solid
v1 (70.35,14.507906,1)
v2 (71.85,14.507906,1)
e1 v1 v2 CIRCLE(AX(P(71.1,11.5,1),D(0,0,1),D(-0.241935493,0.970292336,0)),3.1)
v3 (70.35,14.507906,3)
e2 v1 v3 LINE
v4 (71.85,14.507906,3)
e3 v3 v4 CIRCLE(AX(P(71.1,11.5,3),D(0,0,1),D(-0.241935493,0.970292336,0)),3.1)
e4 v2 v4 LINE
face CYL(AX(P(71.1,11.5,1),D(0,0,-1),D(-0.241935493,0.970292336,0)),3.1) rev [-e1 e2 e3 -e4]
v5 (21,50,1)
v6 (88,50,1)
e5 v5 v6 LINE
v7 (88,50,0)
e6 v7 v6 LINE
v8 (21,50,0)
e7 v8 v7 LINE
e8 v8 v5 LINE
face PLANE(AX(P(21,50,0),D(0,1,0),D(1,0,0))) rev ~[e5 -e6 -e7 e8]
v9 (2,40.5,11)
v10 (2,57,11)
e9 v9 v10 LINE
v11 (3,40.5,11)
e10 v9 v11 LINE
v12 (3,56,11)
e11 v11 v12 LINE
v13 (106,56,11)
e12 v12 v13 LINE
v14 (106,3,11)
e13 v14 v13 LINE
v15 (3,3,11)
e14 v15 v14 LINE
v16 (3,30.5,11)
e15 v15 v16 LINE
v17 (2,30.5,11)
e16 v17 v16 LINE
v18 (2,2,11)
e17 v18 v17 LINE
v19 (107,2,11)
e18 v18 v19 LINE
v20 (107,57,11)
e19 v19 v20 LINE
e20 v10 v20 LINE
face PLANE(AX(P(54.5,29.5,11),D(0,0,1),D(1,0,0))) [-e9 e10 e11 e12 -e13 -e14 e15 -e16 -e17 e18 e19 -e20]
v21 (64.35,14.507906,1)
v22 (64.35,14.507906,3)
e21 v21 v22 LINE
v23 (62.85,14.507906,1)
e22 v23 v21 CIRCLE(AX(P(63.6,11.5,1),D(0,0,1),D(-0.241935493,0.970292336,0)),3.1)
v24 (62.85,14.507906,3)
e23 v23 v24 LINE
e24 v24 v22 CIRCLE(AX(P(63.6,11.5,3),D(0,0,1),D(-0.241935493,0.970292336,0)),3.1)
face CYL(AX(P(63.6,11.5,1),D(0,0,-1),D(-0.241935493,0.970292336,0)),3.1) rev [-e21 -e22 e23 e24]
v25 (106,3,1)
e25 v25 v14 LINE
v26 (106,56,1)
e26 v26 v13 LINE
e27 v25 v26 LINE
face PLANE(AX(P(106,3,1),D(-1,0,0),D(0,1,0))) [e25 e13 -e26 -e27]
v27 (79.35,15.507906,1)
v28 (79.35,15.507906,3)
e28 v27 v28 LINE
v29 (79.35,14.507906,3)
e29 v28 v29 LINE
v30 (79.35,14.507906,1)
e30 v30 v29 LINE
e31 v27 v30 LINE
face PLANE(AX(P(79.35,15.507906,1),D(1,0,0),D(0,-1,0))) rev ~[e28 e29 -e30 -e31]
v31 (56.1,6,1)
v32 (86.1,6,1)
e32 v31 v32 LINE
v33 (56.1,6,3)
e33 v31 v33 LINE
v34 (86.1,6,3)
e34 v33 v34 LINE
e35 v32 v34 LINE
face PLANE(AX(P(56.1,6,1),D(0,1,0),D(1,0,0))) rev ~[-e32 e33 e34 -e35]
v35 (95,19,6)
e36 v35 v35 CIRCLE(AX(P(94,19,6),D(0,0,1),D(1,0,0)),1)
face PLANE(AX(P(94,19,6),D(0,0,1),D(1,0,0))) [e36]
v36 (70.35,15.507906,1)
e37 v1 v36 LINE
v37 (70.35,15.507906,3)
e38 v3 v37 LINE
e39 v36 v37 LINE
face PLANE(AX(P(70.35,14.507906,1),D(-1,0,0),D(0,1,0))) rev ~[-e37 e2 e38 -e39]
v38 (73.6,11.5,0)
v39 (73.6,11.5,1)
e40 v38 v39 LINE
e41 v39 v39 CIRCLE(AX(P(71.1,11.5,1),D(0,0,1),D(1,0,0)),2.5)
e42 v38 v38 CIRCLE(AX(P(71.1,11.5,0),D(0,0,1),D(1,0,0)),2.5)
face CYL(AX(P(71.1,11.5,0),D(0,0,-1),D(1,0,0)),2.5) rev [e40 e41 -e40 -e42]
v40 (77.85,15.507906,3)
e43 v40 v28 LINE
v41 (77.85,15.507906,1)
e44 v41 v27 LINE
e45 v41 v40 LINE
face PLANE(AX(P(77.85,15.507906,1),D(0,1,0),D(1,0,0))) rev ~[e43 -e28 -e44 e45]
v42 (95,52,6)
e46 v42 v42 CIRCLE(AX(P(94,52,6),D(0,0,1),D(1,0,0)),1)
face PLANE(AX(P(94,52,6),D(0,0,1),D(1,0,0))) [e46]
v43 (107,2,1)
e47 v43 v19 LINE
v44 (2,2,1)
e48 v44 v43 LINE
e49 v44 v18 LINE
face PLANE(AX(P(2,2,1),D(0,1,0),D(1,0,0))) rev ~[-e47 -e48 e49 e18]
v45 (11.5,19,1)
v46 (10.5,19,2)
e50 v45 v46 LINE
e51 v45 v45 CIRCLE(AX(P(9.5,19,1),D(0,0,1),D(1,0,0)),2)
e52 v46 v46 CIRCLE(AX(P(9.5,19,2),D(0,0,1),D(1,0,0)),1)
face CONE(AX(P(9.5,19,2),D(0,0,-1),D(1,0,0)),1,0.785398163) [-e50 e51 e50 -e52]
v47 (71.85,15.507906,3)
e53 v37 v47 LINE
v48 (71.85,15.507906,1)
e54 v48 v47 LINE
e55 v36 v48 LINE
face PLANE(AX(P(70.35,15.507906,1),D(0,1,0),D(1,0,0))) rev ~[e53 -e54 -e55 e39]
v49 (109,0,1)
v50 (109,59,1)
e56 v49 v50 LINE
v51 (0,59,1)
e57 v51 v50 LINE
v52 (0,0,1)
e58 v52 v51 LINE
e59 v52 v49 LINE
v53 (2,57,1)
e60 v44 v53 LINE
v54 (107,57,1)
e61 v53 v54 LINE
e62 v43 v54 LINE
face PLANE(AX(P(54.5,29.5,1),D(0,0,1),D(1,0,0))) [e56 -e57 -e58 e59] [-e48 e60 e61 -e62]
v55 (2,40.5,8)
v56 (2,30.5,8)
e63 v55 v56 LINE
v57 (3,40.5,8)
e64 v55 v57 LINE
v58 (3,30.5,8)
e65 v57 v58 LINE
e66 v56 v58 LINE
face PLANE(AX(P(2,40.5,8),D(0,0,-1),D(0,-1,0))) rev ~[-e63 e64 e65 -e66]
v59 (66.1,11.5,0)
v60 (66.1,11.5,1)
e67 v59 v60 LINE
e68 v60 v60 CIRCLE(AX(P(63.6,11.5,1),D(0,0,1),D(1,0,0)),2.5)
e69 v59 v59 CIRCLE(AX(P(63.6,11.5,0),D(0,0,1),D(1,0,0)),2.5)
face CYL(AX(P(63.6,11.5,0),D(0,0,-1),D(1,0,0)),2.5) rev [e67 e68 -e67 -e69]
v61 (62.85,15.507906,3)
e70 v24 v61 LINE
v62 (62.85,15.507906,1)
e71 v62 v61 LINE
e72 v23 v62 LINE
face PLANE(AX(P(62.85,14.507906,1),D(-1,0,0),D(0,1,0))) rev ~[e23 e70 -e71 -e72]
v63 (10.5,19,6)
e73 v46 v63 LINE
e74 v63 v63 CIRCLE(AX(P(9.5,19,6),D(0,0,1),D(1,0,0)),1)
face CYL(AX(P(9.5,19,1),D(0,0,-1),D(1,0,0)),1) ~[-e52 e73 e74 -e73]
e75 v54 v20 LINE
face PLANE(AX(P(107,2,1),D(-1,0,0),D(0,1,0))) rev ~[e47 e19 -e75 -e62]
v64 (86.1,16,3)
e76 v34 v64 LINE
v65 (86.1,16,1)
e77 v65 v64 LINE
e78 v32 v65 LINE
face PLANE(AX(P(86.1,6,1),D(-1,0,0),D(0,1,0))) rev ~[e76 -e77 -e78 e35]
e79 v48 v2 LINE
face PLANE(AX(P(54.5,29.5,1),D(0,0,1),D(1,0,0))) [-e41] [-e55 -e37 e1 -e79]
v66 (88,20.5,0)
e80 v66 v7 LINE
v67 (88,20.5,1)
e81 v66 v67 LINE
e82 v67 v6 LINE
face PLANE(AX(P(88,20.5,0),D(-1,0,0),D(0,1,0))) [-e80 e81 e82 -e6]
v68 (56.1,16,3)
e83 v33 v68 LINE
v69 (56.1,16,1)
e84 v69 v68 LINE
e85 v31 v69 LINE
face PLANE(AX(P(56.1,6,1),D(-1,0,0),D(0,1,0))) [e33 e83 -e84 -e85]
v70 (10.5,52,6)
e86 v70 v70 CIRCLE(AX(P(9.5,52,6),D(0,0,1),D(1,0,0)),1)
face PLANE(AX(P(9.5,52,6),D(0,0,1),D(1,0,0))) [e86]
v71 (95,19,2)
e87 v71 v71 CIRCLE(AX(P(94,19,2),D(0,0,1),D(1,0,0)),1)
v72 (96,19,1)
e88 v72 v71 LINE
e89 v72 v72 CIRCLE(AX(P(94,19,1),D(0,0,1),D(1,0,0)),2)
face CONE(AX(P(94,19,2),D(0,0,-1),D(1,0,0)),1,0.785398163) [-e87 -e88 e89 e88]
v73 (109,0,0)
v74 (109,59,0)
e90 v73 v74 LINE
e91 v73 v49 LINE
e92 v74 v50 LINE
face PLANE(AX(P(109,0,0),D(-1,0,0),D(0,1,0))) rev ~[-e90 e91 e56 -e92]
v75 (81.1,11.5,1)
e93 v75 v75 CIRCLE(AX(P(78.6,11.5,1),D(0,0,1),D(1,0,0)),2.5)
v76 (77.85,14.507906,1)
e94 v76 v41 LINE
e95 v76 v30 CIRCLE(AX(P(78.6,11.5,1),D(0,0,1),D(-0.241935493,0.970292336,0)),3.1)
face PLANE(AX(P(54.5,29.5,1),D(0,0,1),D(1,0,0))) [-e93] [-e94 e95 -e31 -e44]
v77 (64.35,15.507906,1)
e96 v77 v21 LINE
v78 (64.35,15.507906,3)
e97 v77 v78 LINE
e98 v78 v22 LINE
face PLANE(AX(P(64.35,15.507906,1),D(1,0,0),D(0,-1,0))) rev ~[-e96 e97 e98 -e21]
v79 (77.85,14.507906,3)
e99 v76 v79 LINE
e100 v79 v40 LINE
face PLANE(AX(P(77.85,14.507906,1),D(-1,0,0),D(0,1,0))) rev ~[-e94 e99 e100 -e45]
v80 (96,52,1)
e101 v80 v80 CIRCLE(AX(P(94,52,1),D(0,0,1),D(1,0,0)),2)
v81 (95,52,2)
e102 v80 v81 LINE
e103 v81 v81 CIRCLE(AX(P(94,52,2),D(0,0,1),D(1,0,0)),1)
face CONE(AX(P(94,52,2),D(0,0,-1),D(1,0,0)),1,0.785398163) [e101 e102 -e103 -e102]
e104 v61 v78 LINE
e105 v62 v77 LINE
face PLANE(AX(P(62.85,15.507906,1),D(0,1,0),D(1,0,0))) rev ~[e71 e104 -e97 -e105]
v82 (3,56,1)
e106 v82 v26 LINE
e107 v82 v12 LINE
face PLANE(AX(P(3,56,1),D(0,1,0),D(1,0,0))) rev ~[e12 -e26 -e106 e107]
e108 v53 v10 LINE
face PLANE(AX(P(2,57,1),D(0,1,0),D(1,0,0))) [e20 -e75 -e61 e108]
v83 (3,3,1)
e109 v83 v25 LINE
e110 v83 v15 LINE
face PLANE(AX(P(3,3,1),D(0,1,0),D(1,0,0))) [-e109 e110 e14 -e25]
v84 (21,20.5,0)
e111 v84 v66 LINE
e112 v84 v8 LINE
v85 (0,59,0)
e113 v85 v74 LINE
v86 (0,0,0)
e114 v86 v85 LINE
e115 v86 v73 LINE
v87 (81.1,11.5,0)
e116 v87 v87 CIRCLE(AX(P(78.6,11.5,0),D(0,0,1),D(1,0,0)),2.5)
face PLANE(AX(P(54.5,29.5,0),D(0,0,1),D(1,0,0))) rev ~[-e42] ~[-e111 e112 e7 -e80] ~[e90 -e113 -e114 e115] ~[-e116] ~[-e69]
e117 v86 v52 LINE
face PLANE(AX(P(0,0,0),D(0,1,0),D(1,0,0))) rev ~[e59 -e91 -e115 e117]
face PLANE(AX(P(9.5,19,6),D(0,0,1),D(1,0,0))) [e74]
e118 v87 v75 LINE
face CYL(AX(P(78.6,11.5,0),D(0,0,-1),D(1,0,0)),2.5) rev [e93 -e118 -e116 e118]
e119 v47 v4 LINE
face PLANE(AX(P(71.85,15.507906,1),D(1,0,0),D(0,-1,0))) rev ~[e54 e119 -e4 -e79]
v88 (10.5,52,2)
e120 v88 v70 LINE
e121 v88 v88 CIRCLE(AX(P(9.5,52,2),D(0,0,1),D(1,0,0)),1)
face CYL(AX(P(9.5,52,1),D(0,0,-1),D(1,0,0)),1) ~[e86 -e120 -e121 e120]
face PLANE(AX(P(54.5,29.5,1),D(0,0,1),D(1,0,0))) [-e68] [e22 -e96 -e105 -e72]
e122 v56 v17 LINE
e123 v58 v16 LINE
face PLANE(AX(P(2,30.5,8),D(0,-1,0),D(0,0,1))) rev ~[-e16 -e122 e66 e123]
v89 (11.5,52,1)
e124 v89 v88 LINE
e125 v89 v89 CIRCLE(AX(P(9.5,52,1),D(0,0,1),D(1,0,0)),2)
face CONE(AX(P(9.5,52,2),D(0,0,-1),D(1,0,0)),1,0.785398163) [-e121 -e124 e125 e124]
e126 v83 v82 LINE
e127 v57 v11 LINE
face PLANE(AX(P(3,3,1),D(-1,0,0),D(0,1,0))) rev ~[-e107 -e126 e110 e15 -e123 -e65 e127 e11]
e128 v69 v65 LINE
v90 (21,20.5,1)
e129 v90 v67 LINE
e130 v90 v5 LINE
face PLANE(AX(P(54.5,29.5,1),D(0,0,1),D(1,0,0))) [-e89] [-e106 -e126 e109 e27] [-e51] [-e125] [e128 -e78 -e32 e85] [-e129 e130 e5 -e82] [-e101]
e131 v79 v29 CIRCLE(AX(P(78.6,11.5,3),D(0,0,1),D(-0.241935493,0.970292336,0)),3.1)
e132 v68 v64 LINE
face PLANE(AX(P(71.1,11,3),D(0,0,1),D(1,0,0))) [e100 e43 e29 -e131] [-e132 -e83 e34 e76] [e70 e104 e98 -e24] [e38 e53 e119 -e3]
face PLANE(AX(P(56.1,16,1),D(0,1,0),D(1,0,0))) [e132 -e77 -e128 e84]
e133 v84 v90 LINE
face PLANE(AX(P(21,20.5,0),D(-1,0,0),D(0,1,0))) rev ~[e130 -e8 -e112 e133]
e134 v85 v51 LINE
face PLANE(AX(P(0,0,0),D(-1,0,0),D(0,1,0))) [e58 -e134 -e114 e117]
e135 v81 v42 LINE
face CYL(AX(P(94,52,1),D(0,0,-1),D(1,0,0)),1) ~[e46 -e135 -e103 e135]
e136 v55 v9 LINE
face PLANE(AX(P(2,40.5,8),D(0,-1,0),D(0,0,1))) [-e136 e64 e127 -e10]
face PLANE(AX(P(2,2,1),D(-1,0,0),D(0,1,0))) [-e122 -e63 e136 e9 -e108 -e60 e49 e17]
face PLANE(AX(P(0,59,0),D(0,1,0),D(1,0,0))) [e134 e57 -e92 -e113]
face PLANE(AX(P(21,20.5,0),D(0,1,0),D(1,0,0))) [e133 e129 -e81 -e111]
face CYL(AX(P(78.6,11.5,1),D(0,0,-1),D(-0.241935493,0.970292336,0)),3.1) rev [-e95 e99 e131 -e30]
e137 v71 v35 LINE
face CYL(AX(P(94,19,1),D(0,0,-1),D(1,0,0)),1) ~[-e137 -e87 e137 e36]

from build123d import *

# Parameters (mm, degrees)
SKETCH077_W     = 109
SKETCH077_H     = 59
SKETCH077_R     = 2.5
SKETCH077_W_2   = 67
SKETCH077_H_2   = 29.5
PAD052_DEPTH    = 1
SKETCH078_R     = 1
PAD053_DEPTH    = 5
SKETCH079_W     = 105
SKETCH079_H     = 55
SKETCH079_W_2   = 103
SKETCH079_H_2   = 53
PAD054_DEPTH    = 10
SKETCH081_W     = 30
SKETCH081_H     = 10
PAD055_DEPTH    = 2
SKETCH082_W     = 10
SKETCH082_H     = 3
POCKET017_DEPTH = 5
CHAMFER009_SIZE = 1


with BuildPart() as part:
    # Sketch077 → Pad052 (new body)
    with BuildSketch(Plane.XY):
        with Locations((54.5, 29.5)):
            Rectangle(SKETCH077_W, SKETCH077_H)
        with Locations((63.6, 11.5)):
            Circle(SKETCH077_R, mode=Mode.SUBTRACT)
        with Locations((71.1, 11.5)):
            Circle(SKETCH077_R, mode=Mode.SUBTRACT)
        with Locations((78.6, 11.5)):
            Circle(SKETCH077_R, mode=Mode.SUBTRACT)
        with Locations((54.5, 35.25)):
            Rectangle(SKETCH077_W_2, SKETCH077_H_2, mode=Mode.SUBTRACT)
    extrude(amount=PAD052_DEPTH)

    # Sketch078 → Pad053 (join)
    with BuildSketch(Plane.XY.offset(1)):
        with Locations((9.5, 52)):
            Circle(SKETCH078_R)
        with Locations((94, 52)):
            Circle(SKETCH078_R)
        with Locations((94, 19)):
            Circle(SKETCH078_R)
        with Locations((9.5, 19)):
            Circle(SKETCH078_R)
    extrude(amount=PAD053_DEPTH)

    # Sketch079 → Pad054 (join)
    with BuildSketch(Plane.XY.offset(1)):
        with Locations((54.5, 29.5)):
            Rectangle(SKETCH079_W, SKETCH079_H)
        with Locations((54.5, 29.5)):
            Rectangle(SKETCH079_W_2, SKETCH079_H_2, mode=Mode.SUBTRACT)
    extrude(amount=PAD054_DEPTH)

    # Sketch081 → Pad055 (join)
    with BuildSketch(Plane.XY.offset(1)):
        with Locations((71.1, 11)):
            Rectangle(SKETCH081_W, SKETCH081_H)
        with BuildLine():
            ThreePointArc((62.85, 14.507906), (63.6, 8.4), (64.35, 14.507906))
            Line((64.35, 15.507906), (64.35, 14.507906))
            Line((62.85, 15.507906), (64.35, 15.507906))
            Line((62.85, 14.507906), (62.85, 15.507906))
        make_face(mode=Mode.SUBTRACT)
        with BuildLine():
            ThreePointArc((70.35, 14.507906), (71.1, 8.4), (71.85, 14.507906))
            Line((71.85, 15.507906), (71.85, 14.507906))
            Line((70.35, 15.507906), (71.85, 15.507906))
            Line((70.35, 14.507906), (70.35, 15.507906))
        make_face(mode=Mode.SUBTRACT)
        with BuildLine():
            ThreePointArc((77.85, 14.507906), (78.6, 8.4), (79.35, 14.507906))
            Line((79.35, 15.507906), (79.35, 14.507906))
            Line((77.85, 15.507906), (79.35, 15.507906))
            Line((77.85, 14.507906), (77.85, 15.507906))
        make_face(mode=Mode.SUBTRACT)
    extrude(amount=PAD055_DEPTH)

    # Sketch082 (on Face14 of Pad055) → Pocket017 (cut)
    with BuildSketch(Plane(origin=(2, 0, 0), x_dir=(0, -1, 0), z_dir=(-1, 0, 0))):
        with Locations((-35.5, 9.5)):
            Rectangle(SKETCH082_W, SKETCH082_H)
    extrude(amount=-POCKET017_DEPTH, mode=Mode.SUBTRACT)

    # Chamfer009
    chamfer009_edges = [part.edges().sort_by_distance(p)[0] for p in [
        (8.5, 52, 1),
        (8.5, 19, 1),
        (93, 19, 1),
        (93, 52, 1),
    ]]
    chamfer(chamfer009_edges, length=CHAMFER009_SIZE)


solid = part.part
